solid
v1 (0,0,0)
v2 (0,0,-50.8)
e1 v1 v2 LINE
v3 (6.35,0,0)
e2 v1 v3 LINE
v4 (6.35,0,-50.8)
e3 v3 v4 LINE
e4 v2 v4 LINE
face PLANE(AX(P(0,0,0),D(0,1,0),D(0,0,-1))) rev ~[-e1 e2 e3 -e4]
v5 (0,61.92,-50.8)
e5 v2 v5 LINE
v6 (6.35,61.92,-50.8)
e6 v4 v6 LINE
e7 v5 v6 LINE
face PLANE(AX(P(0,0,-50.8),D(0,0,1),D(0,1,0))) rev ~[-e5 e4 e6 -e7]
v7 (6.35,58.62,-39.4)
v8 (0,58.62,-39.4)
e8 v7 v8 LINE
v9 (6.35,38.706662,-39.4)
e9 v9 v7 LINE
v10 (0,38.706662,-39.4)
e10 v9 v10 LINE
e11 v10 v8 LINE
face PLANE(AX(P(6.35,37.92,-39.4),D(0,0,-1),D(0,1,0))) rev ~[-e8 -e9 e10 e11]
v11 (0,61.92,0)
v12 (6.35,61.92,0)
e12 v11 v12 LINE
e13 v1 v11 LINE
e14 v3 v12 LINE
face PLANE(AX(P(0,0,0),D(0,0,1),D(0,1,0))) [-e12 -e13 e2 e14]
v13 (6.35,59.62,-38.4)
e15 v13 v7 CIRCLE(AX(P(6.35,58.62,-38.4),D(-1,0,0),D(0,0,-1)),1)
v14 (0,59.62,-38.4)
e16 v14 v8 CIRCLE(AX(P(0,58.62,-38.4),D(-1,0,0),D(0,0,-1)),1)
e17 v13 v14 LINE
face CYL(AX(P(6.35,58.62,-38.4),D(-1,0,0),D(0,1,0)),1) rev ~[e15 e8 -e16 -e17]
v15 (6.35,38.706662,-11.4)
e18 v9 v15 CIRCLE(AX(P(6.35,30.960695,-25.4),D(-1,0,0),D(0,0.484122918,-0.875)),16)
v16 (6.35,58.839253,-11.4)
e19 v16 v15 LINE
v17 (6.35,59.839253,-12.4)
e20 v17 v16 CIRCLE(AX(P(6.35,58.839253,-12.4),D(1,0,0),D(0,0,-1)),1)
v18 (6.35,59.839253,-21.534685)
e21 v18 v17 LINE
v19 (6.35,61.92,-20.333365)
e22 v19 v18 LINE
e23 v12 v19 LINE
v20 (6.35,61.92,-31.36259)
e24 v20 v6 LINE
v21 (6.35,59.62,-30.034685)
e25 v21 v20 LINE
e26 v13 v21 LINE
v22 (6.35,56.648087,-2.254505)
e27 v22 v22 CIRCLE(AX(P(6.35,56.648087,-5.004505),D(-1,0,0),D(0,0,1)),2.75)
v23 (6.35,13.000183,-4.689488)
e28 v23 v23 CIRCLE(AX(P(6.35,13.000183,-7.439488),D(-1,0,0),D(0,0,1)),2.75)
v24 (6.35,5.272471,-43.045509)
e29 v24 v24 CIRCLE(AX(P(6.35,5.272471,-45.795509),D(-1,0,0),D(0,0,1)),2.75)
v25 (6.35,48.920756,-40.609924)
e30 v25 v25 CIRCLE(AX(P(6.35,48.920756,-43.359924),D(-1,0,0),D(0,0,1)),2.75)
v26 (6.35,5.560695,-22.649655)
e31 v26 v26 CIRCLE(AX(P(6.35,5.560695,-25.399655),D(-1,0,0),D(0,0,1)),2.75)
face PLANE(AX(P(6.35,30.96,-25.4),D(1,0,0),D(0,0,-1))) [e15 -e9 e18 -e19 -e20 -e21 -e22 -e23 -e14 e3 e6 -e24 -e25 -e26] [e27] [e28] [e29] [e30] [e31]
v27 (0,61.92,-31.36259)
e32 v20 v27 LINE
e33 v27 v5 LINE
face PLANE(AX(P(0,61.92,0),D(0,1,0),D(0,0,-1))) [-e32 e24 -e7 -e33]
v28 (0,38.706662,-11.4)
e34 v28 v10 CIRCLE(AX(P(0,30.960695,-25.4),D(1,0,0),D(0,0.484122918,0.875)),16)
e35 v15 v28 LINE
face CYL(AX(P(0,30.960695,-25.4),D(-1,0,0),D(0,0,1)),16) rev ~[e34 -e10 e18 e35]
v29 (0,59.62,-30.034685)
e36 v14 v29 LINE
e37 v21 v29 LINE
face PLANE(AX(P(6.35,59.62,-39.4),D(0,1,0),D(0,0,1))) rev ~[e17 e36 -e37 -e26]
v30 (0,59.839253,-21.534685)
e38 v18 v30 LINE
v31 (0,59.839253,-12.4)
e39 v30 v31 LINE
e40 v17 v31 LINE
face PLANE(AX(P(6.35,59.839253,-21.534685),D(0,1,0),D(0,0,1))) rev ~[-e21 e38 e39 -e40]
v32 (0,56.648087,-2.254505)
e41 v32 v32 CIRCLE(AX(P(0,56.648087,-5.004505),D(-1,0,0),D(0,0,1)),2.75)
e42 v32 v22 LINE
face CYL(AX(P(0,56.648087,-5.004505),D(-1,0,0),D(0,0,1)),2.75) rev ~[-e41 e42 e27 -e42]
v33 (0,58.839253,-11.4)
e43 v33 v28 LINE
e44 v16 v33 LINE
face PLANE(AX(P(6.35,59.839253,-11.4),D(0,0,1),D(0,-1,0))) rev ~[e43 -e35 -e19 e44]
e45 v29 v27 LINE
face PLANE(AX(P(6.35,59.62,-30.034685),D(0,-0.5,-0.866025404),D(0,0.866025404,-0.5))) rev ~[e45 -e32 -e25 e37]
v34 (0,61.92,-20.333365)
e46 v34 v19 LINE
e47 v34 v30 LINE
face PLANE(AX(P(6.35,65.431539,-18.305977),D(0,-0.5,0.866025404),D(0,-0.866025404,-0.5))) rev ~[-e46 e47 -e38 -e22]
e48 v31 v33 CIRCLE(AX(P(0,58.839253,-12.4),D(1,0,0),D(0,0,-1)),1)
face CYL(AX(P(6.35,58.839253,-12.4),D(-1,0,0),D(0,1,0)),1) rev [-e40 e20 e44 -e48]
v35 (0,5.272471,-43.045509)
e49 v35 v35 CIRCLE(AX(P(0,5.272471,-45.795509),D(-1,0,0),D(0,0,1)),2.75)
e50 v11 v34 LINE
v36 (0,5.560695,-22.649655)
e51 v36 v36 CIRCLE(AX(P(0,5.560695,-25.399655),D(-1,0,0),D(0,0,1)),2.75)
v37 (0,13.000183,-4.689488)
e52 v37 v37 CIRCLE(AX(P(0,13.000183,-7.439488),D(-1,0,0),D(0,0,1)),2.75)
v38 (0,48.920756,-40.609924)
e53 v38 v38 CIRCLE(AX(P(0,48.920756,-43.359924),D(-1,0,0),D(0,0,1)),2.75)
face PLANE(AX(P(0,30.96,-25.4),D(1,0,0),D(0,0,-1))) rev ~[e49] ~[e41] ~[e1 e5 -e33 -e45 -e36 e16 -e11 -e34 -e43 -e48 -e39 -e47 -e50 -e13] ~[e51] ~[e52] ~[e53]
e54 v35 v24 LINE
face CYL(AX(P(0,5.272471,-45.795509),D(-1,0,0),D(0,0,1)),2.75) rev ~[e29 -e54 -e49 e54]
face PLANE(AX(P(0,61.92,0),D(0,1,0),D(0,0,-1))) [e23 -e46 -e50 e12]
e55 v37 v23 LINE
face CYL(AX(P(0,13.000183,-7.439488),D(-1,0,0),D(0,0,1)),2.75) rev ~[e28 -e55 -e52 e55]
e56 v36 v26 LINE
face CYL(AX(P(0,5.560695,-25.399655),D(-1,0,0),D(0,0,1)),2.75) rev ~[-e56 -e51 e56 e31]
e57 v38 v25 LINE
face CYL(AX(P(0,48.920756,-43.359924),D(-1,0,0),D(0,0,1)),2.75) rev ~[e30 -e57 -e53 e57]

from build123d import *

# Parameters (mm, degrees)
SKETCH1_W           = 50.8
SKETCH1_H           = 61.92
BOSS_EXTRUDE2_DEPTH = 6.35
SKETCH2_R           = 16
CUT_EXTRUDE1_DEPTH  = 7.35
CUT_EXTRUDE4_DEPTH  = 7.35
CUT_EXTRUDE5_REACH  = 8.35
SKETCH5_R           = 2.75
FILLET1_R           = 1


with BuildPart() as part:
    # Sketch1 → Boss-Extrude2 (new body)
    with BuildSketch(Plane(origin=(0, 0, 0), x_dir=(0, 0, -1), z_dir=(1, 0, 0))):
        with Locations((25.4, 30.96)):
            Rectangle(SKETCH1_W, SKETCH1_H)
    extrude(amount=BOSS_EXTRUDE2_DEPTH)

    # Sketch2 → Cut-Extrude1 (cut, through all)
    with BuildSketch(Plane.ZY):
        with Locations((-25.4, 30.960695)):
            Circle(SKETCH2_R)
    extrude(amount=-CUT_EXTRUDE1_DEPTH, mode=Mode.SUBTRACT)

    # Sketch4 → Cut-Extrude4 (cut, through all)
    with BuildSketch(Plane(origin=(6.35, 0, 0), x_dir=(0, 0, -1), z_dir=(1, 0, 0))):
        Polygon((11.4, 59.839253392), (11.4, 37.92), (39.4, 37.92), (39.4, 59.62), (30.034684812, 59.62), (33.389978254, 65.431538715), (18.305977376, 65.431538715), (21.534684812, 59.839253392), align=None)
    extrude(amount=-CUT_EXTRUDE4_DEPTH, mode=Mode.SUBTRACT)

    # Sketch5 → Cut-Extrude5 (cut, up to next)
    with BuildSketch(Plane.ZY, mode=Mode.PRIVATE) as cut_extrude5_sk1:
        with Locations((-45.795509398, 5.272471121)):
            Circle(SKETCH5_R)
    cut_extrude5_tool1 = extrude(cut_extrude5_sk1.sketch, amount=-CUT_EXTRUDE5_REACH, mode=Mode.PRIVATE) & part.part
    add(cut_extrude5_tool1.solids().sort_by_distance((0, 5.272471, -45.795509))[0], mode=Mode.SUBTRACT)
    # Sketch5 → Cut-Extrude5 (cut, up to next)
    with BuildSketch(Plane.ZY, mode=Mode.PRIVATE) as cut_extrude5_sk2:
        with Locations((-25.399655405, 5.560695)):
            Circle(SKETCH5_R)
    cut_extrude5_tool2 = extrude(cut_extrude5_sk2.sketch, amount=-CUT_EXTRUDE5_REACH, mode=Mode.PRIVATE) & part.part
    add(cut_extrude5_tool2.solids().sort_by_distance((0, 5.560695, -25.399655))[0], mode=Mode.SUBTRACT)
    # Sketch5 → Cut-Extrude5 (cut, up to next)
    with BuildSketch(Plane.ZY, mode=Mode.PRIVATE) as cut_extrude5_sk3:
        with Locations((-7.439487758, 13.000182758)):
            Circle(SKETCH5_R)
    cut_extrude5_tool3 = extrude(cut_extrude5_sk3.sketch, amount=-CUT_EXTRUDE5_REACH, mode=Mode.PRIVATE) & part.part
    add(cut_extrude5_tool3.solids().sort_by_distance((0, 13.000183, -7.439488))[0], mode=Mode.SUBTRACT)
    # Sketch5 → Cut-Extrude5 (cut, up to next)
    with BuildSketch(Plane.ZY, mode=Mode.PRIVATE) as cut_extrude5_sk4:
        with Locations((-43.35992398, 48.920755906)):
            Circle(SKETCH5_R)
    cut_extrude5_tool4 = extrude(cut_extrude5_sk4.sketch, amount=-CUT_EXTRUDE5_REACH, mode=Mode.PRIVATE) & part.part
    add(cut_extrude5_tool4.solids().sort_by_distance((0, 48.920756, -43.359924))[0], mode=Mode.SUBTRACT)
    # Sketch5 → Cut-Extrude5 (cut, up to next)
    with BuildSketch(Plane.ZY, mode=Mode.PRIVATE) as cut_extrude5_sk5:
        with Locations((-5.004504526, 56.648087135)):
            Circle(SKETCH5_R)
    cut_extrude5_tool5 = extrude(cut_extrude5_sk5.sketch, amount=-CUT_EXTRUDE5_REACH, mode=Mode.PRIVATE) & part.part
    add(cut_extrude5_tool5.solids().sort_by_distance((0, 56.648087, -5.004505))[0], mode=Mode.SUBTRACT)

    # Fillet1
    fillet1_edges = [part.edges().sort_by_distance(p)[0] for p in [
        (3.175, 59.62, -39.4),
        (3.175, 59.839253392, -11.4),
    ]]
    fillet(fillet1_edges, radius=FILLET1_R)


solid = part.part
